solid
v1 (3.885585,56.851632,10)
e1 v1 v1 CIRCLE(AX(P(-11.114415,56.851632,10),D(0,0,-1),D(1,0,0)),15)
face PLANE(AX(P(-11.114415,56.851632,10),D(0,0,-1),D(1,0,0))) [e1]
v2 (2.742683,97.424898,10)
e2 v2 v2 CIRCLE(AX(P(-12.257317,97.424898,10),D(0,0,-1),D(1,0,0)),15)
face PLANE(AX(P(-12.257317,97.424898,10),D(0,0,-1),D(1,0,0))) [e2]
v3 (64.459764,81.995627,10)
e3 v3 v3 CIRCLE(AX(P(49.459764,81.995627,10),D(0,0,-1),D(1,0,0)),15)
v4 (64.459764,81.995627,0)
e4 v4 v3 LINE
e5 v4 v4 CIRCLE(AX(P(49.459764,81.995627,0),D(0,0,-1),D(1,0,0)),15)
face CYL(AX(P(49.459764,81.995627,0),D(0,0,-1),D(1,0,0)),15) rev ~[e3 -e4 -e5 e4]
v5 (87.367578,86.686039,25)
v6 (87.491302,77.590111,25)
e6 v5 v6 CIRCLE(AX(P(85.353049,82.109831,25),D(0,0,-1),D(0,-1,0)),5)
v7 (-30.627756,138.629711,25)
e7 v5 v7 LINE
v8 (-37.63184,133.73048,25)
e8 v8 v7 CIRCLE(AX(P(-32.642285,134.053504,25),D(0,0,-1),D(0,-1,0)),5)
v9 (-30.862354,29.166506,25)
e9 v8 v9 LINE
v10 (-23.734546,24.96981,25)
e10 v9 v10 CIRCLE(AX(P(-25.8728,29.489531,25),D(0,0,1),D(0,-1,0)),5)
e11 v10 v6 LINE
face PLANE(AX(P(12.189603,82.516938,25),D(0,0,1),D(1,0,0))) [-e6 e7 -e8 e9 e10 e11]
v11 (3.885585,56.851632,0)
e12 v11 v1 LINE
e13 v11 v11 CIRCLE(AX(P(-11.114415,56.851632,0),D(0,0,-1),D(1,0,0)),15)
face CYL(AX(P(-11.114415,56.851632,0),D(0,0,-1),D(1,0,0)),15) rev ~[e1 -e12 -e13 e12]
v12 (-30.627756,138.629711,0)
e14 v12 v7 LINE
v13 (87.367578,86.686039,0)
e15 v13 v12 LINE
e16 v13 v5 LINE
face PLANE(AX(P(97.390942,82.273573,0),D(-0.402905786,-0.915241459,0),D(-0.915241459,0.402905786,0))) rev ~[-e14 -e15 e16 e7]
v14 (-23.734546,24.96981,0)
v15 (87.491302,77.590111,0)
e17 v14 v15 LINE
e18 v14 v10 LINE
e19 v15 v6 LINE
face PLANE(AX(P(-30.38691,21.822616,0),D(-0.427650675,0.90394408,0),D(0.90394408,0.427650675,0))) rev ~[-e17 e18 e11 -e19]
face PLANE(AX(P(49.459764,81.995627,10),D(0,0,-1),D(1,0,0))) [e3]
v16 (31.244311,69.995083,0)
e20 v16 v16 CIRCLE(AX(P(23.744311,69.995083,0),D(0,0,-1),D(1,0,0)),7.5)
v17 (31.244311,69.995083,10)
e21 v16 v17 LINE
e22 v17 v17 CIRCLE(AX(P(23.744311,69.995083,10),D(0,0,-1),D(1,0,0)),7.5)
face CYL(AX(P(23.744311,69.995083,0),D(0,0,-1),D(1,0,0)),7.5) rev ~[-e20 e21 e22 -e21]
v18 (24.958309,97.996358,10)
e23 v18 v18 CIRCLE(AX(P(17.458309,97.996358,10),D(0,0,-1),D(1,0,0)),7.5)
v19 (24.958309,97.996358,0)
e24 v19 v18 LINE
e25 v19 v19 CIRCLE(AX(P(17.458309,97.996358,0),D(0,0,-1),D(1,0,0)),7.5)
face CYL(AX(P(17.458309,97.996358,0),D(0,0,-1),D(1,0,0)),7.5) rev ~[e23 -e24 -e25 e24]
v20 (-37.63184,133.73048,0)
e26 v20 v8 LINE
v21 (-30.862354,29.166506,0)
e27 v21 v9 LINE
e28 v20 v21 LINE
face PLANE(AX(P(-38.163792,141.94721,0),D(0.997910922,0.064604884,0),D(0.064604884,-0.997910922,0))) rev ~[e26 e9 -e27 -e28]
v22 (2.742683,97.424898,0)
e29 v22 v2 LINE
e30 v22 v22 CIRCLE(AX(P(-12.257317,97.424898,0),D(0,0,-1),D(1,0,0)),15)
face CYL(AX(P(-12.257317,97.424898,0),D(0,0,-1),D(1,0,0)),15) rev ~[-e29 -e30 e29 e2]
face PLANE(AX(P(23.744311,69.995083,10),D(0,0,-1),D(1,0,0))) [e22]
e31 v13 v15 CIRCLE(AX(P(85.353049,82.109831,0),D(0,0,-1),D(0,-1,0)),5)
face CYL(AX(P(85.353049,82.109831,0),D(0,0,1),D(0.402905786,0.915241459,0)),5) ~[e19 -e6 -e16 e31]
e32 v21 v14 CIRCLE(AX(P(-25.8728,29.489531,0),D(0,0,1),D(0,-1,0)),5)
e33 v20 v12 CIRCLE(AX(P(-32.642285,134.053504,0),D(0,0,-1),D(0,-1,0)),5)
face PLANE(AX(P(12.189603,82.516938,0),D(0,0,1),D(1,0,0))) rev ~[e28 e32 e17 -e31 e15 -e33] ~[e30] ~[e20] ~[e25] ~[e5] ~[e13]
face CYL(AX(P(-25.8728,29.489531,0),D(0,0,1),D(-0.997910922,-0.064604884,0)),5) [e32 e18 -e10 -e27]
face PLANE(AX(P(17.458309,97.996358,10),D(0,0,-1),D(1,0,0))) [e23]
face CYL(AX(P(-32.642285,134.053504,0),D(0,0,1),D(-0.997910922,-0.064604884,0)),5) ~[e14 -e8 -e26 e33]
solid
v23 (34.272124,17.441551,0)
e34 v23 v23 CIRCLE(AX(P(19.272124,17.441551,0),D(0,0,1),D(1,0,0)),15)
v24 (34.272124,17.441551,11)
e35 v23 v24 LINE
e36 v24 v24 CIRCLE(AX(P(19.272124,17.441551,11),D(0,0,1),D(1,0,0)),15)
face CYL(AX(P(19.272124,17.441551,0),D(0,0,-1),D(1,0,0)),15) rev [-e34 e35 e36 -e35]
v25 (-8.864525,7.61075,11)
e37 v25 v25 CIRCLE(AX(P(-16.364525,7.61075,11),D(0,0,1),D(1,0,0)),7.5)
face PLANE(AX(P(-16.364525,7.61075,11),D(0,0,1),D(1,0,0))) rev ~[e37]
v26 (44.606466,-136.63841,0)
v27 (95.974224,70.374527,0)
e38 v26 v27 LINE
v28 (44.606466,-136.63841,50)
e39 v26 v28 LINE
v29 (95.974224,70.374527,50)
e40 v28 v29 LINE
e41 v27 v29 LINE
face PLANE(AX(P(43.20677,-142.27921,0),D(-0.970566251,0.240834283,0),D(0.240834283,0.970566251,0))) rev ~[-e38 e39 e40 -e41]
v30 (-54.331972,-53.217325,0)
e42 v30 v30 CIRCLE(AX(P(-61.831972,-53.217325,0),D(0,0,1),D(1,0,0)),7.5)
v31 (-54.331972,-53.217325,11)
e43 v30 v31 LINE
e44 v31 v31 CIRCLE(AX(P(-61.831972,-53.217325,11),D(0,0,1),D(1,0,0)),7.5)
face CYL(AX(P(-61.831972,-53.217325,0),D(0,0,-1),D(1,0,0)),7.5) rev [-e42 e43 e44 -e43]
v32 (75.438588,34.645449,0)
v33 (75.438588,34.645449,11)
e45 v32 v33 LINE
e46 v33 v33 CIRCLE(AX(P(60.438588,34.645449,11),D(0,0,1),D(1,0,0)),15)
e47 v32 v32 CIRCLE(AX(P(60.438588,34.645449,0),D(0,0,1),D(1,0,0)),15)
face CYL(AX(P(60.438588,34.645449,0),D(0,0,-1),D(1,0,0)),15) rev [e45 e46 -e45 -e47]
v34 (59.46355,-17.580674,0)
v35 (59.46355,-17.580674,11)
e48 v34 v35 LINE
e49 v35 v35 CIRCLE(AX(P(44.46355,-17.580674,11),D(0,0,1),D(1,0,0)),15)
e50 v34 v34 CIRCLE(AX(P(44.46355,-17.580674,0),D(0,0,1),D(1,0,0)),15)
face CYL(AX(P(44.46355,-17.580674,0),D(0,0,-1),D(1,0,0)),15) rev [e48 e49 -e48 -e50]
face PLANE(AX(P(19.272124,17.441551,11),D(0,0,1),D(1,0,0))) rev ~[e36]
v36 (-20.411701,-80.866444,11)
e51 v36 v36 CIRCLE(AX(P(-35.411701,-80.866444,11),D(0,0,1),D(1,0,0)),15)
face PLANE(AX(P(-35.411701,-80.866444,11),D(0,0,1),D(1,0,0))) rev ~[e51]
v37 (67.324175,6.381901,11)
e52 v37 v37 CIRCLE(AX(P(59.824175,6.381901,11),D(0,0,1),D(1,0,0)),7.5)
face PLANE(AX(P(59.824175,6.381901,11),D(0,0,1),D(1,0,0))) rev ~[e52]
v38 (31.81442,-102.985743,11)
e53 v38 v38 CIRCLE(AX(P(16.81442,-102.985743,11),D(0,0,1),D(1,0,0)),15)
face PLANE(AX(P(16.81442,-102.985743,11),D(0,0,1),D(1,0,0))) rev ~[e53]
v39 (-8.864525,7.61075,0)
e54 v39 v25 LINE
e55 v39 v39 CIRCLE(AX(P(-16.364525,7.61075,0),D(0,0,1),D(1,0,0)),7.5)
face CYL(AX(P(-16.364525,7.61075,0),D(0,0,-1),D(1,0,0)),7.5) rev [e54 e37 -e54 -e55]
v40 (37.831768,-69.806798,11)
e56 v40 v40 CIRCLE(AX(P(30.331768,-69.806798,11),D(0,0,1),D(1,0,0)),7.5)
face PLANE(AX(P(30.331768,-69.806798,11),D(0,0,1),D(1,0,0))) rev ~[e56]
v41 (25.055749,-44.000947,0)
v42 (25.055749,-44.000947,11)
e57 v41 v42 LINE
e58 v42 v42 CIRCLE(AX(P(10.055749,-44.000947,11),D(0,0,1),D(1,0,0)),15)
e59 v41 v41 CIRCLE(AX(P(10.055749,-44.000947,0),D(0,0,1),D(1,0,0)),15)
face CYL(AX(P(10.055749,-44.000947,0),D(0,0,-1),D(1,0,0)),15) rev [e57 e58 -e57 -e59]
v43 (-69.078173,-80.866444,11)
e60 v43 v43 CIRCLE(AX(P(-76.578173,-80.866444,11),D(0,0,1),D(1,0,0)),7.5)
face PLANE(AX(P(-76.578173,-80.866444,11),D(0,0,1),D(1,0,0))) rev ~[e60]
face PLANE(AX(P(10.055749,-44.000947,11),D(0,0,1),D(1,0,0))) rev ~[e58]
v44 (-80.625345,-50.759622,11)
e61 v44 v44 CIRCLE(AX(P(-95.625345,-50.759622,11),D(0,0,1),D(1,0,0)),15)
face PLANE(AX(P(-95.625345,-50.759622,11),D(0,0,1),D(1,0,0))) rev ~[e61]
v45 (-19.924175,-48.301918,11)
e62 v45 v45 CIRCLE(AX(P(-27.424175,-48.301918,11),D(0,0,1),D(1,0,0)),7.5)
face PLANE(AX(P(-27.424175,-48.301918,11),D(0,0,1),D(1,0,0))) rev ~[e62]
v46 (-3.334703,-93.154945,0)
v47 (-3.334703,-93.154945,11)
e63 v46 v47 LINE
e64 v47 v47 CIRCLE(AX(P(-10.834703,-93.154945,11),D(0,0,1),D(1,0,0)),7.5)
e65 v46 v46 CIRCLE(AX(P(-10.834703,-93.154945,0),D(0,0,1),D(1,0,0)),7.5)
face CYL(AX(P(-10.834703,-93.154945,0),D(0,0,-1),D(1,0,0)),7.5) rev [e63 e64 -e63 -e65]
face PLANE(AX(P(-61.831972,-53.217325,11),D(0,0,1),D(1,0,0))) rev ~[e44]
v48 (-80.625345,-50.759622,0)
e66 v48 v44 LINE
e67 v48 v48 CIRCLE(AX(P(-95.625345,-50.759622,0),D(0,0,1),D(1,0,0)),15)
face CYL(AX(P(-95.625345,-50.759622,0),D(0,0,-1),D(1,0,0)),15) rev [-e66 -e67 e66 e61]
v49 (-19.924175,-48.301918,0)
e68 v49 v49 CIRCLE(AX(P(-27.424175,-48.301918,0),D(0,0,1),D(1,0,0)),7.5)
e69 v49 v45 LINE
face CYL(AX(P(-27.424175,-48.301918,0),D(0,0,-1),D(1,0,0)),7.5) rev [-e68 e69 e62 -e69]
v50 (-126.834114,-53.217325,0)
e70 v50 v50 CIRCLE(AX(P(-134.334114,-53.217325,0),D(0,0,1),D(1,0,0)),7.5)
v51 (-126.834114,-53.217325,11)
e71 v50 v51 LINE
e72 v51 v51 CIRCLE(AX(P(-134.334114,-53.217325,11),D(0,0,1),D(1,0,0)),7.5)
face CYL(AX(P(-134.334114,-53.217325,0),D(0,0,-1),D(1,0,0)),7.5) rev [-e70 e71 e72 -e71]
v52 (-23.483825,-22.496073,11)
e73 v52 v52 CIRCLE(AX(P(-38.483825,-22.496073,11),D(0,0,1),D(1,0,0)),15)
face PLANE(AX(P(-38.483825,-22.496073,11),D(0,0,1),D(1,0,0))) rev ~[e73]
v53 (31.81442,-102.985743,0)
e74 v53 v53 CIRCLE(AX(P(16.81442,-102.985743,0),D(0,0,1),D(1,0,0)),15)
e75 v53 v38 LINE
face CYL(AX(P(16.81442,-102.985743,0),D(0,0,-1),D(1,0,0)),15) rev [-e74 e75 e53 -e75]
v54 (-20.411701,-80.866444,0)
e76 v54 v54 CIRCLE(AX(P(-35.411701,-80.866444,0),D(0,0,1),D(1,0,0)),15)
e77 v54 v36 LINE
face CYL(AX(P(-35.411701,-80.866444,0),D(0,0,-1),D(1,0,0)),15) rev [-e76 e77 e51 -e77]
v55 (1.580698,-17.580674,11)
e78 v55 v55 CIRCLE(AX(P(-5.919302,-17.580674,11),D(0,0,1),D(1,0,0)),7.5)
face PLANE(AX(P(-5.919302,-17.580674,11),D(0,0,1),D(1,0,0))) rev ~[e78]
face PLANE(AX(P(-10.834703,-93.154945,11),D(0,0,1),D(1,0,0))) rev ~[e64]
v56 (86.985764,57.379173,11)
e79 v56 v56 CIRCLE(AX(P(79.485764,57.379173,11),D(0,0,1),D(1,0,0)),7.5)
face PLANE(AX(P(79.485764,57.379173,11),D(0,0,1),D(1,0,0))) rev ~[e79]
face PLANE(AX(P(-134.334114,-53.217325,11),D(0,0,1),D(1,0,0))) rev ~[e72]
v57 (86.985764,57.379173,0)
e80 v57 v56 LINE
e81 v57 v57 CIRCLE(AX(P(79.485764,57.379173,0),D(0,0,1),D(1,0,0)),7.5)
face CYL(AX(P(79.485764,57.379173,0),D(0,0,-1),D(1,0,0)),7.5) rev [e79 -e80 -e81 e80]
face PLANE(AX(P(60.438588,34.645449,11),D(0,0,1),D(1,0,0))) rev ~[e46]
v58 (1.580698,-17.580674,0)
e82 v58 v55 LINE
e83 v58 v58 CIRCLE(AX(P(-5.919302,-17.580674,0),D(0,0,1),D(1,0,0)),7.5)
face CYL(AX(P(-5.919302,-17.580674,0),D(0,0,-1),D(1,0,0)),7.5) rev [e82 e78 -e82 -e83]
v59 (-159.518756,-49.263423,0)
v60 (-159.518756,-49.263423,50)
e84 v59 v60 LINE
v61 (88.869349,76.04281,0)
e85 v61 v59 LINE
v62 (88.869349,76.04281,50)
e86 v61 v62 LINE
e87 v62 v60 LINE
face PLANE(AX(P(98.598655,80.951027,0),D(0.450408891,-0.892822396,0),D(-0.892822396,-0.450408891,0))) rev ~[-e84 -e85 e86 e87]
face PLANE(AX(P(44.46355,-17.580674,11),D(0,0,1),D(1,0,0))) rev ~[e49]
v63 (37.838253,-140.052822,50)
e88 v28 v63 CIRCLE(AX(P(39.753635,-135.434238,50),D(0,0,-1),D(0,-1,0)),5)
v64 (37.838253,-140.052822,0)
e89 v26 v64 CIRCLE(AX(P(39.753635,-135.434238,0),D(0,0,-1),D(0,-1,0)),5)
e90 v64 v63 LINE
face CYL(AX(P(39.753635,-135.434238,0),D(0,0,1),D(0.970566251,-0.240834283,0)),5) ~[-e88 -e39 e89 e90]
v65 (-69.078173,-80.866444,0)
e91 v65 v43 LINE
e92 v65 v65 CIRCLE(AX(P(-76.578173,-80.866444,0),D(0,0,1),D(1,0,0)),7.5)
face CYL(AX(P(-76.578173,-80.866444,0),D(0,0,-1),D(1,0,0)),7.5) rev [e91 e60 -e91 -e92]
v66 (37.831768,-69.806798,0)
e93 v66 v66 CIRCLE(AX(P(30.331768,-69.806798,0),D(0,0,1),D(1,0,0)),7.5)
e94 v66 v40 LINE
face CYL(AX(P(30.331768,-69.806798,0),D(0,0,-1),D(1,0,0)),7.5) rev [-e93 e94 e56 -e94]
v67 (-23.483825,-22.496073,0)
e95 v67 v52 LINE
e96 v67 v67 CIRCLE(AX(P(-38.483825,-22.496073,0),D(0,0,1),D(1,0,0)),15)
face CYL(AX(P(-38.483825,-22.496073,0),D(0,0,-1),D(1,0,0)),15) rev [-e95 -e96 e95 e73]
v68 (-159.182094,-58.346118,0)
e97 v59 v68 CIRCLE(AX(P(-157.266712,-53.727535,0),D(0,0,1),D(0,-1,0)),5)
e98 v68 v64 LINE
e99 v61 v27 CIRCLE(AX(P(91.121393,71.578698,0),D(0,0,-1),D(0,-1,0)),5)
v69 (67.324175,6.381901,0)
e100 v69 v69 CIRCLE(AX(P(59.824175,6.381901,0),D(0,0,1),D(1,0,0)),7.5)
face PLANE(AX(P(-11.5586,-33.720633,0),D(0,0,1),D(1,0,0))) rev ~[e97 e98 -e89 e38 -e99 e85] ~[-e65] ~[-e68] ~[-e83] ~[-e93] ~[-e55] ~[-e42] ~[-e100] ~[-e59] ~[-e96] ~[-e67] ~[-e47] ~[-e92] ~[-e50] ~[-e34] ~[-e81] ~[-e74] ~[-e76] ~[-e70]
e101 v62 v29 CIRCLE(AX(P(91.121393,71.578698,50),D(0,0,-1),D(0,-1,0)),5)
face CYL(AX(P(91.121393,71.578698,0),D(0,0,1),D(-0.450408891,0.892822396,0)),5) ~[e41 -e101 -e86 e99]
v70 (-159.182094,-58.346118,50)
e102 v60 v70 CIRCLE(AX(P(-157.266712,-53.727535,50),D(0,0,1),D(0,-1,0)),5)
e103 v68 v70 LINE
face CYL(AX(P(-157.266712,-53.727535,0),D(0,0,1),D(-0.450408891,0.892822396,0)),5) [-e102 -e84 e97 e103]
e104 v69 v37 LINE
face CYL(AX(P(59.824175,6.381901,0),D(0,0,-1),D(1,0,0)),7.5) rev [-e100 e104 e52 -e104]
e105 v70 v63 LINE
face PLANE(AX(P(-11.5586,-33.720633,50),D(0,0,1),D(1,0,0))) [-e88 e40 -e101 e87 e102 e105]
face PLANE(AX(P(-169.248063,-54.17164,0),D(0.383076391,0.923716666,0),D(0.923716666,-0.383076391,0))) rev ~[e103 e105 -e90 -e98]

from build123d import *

# Parameters (mm, degrees)
F1_DEPTH = 50
F2_R     = 15
F2_R_2   = 7.5
F3_DEPTH = 11
F5_DEPTH = 25
F6_R     = 15
F6_R_2   = 7.5
F7_DEPTH = 10
F8_R     = 5
F8_2_R   = 5


with BuildPart() as f1:
    # F0 (on Top) → F1 (new body)
    with BuildSketch(Plane.XY):
        Polygon((98.598655, 80.951027), (-169.248063, -54.17164), (43.20677, -142.27921), align=None)
    extrude(amount=F1_DEPTH)

    # F2 (on Top) → F3 (cut)
    with BuildSketch(Plane.XY):
        with Locations((-95.625345, -50.759622)):
            Circle(F2_R)
        with Locations((-76.578173, -80.866444)):
            Circle(F2_R_2)
        with Locations((-134.334114, -53.217325)):
            Circle(F2_R_2)
        with Locations((-38.483825, -22.496073)):
            Circle(F2_R)
        with Locations((-35.411701, -80.866444)):
            Circle(F2_R)
        with Locations((-61.831972, -53.217325)):
            Circle(F2_R_2)
        with Locations((-27.424175, -48.301918)):
            Circle(F2_R_2)
        with Locations((-10.834703, -93.154945)):
            Circle(F2_R_2)
        with Locations((-5.919302, -17.580674)):
            Circle(F2_R_2)
        with Locations((-16.364525, 7.61075)):
            Circle(F2_R_2)
        with Locations((10.055749, -44.000947)):
            Circle(F2_R)
        with Locations((16.81442, -102.985743)):
            Circle(F2_R)
        with Locations((30.331768, -69.806798)):
            Circle(F2_R_2)
        with Locations((44.46355, -17.580674)):
            Circle(F2_R)
        with Locations((19.272124, 17.441551)):
            Circle(F2_R)
        with Locations((60.438588, 34.645449)):
            Circle(F2_R)
        with Locations((59.824175, 6.381901)):
            Circle(F2_R_2)
        with Locations((79.485764, 57.379173)):
            Circle(F2_R_2)
    extrude(amount=F3_DEPTH, mode=Mode.SUBTRACT)

    # F8
    f8_edges = [f1.edges().sort_by_distance(p)[0] for p in [
        (-169.248063, -54.17164, 25),
        (98.598655, 80.951027, 25),
        (43.20677, -142.27921, 25),
    ]]
    fillet(f8_edges, radius=F8_R)


with BuildPart() as f5:
    # F4 (on Top) → F5 (new body)
    with BuildSketch(Plane.XY):
        Polygon((-38.163792, 141.94721), (-30.38691, 21.822616), (97.390942, 82.273573), align=None)
    extrude(amount=F5_DEPTH)

    # F6 (on face) → F7 (cut)
    with BuildSketch(Plane(origin=(0, 0, 0), x_dir=(1, 0, 0), z_dir=(0, 0, -1))):
        with Locations((-11.114415, -56.851632)):
            Circle(F6_R)
        with Locations((23.744311, -69.995083)):
            Circle(F6_R_2)
        with Locations((49.459764, -81.995627)):
            Circle(F6_R)
        with Locations((17.458309, -97.996358)):
            Circle(F6_R_2)
        with Locations((-12.257317, -97.424898)):
            Circle(F6_R)
    extrude(amount=-F7_DEPTH, mode=Mode.SUBTRACT)

    # F8#2
    f8_2_edges = [f5.edges().sort_by_distance(p)[0] for p in [
        (-38.163792, 141.94721, 12.5),
        (97.390942, 82.273573, 12.5),
        (-30.38691, 21.822616, 12.5),
    ]]
    fillet(f8_2_edges, radius=F8_2_R)


solid = Compound([f1.part, f5.part])
